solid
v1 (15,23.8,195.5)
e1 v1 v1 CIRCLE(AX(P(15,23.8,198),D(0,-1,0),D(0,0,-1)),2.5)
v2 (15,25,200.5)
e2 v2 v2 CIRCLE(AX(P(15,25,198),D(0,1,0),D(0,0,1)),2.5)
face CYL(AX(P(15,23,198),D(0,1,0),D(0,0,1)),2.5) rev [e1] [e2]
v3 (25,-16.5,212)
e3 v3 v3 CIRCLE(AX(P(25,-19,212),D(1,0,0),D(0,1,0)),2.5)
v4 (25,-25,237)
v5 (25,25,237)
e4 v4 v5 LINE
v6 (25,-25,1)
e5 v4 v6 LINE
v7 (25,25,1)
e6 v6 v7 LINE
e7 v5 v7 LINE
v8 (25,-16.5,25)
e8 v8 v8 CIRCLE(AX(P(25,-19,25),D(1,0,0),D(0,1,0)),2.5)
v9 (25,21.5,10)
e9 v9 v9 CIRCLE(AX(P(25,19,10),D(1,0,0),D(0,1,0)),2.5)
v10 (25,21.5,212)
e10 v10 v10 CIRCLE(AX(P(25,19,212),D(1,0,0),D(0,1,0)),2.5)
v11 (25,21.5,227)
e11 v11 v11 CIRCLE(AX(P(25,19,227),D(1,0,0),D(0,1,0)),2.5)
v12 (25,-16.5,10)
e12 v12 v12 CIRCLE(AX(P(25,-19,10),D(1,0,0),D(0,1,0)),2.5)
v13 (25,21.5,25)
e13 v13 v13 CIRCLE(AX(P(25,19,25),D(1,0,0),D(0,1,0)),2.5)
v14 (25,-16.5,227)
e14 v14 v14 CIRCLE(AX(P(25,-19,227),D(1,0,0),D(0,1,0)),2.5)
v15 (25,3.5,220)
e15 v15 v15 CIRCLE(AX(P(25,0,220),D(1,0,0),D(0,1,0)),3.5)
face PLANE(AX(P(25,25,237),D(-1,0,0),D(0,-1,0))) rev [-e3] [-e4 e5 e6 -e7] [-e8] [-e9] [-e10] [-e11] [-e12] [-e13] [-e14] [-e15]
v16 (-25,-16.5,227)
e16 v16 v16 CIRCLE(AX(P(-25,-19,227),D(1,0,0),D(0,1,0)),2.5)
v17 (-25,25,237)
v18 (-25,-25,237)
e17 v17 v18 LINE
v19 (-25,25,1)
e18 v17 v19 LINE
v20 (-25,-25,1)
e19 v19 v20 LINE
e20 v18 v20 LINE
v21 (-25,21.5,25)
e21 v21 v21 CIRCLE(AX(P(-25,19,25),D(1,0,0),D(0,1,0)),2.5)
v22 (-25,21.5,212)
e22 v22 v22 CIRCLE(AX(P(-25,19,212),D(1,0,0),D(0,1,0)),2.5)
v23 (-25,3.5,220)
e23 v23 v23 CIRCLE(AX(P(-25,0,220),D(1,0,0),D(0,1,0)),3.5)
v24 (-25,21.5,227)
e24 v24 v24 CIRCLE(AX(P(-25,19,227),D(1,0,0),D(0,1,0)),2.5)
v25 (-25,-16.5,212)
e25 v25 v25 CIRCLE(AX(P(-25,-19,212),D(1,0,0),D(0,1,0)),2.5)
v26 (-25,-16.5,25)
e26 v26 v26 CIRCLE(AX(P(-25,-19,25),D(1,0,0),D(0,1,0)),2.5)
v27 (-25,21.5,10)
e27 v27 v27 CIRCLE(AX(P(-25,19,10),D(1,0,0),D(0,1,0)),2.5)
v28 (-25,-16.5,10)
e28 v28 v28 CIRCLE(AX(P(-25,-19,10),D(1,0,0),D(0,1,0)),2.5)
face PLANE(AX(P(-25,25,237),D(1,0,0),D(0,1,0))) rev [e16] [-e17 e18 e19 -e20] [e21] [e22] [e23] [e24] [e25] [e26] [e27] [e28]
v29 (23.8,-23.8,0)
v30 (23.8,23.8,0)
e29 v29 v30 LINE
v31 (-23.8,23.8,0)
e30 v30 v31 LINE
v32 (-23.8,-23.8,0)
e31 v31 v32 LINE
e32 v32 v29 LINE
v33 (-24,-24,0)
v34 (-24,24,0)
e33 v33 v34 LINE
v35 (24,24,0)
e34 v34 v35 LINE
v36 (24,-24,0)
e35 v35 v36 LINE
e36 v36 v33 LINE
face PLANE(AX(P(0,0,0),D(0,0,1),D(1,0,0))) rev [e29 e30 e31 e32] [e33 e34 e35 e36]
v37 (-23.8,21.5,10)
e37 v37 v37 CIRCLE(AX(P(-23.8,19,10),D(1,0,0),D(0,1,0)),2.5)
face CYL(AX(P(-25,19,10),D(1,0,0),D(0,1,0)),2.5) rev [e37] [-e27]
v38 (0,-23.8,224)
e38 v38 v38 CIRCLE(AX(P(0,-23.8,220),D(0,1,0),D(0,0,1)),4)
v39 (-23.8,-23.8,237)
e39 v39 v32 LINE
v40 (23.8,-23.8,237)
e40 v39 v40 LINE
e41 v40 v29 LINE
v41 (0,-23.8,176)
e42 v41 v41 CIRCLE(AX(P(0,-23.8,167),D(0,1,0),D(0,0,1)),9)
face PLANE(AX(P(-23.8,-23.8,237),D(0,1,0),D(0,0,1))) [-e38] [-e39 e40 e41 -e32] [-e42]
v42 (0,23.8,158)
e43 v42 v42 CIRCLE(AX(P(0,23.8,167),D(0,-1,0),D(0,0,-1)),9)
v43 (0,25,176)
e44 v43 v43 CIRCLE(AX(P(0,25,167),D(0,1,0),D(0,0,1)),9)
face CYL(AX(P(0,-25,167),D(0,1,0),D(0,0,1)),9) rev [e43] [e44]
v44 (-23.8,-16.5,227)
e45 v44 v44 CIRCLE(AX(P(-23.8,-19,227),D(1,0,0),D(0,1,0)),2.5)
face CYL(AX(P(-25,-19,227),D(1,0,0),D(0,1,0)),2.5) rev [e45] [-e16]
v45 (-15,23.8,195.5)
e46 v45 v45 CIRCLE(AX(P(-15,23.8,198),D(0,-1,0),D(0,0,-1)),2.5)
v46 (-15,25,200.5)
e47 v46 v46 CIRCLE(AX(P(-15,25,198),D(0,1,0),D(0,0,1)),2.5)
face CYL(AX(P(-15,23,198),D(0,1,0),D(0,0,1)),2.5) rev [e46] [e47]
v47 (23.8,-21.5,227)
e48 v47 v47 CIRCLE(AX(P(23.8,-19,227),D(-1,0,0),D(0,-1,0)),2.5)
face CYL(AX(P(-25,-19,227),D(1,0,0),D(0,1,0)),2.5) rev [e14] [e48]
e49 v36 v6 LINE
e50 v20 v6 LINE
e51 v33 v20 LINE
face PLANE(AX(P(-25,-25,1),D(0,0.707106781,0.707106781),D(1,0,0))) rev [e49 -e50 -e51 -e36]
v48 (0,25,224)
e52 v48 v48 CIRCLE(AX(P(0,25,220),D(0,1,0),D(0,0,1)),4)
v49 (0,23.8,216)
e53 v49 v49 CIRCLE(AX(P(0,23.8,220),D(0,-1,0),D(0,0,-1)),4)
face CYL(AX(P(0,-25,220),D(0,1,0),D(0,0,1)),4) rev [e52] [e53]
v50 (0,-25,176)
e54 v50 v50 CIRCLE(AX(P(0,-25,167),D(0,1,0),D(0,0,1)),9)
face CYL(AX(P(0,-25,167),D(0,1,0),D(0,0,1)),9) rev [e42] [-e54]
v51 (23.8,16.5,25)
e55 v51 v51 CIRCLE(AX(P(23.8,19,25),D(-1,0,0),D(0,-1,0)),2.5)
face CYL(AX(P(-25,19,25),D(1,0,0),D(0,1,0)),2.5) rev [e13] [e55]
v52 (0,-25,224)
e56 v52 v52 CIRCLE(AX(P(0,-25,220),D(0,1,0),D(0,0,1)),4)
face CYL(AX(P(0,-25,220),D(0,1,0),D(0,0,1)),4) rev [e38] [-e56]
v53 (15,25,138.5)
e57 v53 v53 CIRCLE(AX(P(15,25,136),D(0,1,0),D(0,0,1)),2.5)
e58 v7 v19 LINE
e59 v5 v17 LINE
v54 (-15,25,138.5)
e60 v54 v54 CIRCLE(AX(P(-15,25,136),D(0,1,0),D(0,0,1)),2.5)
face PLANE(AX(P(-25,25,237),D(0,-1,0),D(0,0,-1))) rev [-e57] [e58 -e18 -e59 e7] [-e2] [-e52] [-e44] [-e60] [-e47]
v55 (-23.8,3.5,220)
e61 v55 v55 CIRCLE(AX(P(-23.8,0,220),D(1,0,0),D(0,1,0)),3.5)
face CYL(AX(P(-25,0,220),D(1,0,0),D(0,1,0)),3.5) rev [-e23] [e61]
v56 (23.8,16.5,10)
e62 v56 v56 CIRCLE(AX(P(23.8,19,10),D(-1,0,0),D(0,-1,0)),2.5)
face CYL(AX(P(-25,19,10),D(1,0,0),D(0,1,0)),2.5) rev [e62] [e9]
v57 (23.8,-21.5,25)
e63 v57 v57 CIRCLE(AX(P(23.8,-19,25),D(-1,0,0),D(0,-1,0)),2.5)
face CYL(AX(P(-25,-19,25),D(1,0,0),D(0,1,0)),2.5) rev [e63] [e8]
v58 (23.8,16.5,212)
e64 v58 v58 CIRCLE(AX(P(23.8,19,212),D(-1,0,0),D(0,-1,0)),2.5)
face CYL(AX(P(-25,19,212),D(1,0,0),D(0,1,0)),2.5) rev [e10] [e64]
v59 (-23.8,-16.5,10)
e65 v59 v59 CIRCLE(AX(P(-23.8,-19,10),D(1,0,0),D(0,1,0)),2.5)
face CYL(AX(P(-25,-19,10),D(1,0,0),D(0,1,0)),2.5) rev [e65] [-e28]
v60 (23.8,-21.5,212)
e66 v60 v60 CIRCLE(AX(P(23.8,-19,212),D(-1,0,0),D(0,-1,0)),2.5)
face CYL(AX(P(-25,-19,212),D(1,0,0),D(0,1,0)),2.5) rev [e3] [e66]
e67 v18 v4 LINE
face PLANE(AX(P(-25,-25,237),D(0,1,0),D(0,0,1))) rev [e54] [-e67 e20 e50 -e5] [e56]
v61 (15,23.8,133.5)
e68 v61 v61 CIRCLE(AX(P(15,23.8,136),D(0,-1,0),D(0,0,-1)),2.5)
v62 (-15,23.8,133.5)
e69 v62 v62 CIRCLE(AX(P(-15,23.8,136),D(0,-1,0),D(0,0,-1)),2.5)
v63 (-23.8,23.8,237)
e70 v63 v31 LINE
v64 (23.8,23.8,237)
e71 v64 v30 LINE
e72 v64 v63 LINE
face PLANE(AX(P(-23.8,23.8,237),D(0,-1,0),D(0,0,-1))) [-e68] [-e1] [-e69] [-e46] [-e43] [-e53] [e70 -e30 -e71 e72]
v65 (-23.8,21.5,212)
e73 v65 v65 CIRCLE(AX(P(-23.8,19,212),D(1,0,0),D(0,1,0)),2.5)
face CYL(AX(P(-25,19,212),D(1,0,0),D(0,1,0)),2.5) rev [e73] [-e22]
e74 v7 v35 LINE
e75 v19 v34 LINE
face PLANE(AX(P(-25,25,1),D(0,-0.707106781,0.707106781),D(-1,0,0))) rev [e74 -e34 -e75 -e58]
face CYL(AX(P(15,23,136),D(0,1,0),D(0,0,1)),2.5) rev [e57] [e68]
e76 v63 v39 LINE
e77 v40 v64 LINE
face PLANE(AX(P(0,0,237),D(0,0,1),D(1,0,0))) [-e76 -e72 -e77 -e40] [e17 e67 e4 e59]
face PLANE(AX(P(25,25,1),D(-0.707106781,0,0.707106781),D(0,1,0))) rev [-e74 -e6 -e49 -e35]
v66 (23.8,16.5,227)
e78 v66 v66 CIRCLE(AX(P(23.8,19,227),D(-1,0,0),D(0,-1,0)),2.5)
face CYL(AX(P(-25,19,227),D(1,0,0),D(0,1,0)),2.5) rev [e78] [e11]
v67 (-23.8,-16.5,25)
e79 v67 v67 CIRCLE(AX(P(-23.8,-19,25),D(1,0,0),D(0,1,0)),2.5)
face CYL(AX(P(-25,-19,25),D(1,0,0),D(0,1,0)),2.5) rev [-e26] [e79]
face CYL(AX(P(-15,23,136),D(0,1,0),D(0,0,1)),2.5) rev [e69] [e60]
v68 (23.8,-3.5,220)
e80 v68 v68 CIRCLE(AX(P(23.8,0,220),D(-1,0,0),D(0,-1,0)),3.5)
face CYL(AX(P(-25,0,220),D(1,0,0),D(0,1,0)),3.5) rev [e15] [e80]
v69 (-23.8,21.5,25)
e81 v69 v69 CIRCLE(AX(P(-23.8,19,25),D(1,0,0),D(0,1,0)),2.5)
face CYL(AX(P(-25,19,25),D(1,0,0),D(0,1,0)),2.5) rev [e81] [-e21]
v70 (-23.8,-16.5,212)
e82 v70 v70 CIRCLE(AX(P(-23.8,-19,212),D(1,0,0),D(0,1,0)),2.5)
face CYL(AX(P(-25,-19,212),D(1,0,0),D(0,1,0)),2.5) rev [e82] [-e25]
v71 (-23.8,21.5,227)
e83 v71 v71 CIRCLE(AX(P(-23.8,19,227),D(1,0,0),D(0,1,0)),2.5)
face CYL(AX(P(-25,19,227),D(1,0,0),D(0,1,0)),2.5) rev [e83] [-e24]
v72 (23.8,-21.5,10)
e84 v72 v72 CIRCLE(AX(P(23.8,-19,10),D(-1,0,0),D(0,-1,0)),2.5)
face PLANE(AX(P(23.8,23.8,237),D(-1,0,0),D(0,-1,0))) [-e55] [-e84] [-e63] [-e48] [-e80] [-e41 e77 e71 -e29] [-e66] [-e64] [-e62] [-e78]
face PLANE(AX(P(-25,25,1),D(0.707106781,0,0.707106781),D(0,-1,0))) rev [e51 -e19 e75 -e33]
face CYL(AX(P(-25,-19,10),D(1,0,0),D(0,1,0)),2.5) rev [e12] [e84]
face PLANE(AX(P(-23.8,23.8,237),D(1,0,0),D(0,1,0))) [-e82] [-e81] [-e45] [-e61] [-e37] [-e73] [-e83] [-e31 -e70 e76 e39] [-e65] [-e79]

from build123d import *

# Parameters (mm, degrees)
CROQUIS1_W              = 50
CROQUIS1_H              = 50
CROQUIS1_W_2            = 47.6
CROQUIS1_H_2            = 47.6
SALIENTE_EXTRUIR1_DEPTH = 237
CROQUIS2_R              = 2.5
CROQUIS2_R_2            = 3.5
CORTAR_EXTRUIR1_DEPTH   = 244.503593403
CHAFL_N1_SIZE           = 1
CROQUIS3_R              = 4
CORTAR_EXTRUIR2_DEPTH   = 244.503593403
CROQUIS4_R              = 9
CORTAR_EXTRUIR3_DEPTH   = 244.503593403
CROQUIS5_R              = 2.5
CORTAR_EXTRUIR4_DEPTH   = 2


with BuildPart() as part:
    # Croquis1 → Saliente-Extruir1 (new body)
    with BuildSketch(Plane.XY):
        Rectangle(CROQUIS1_W, CROQUIS1_H)
        Rectangle(CROQUIS1_W_2, CROQUIS1_H_2, mode=Mode.SUBTRACT)
    extrude(amount=SALIENTE_EXTRUIR1_DEPTH)

    # Croquis2 → Cortar-Extruir1 (cut, through all)
    with BuildSketch(Plane(origin=(25, 0, 0), x_dir=(0, 0, -1), z_dir=(1, 0, 0))):
        with Locations(Location((-10, 19, 0), (0, 0, 90))):
            Circle(CROQUIS2_R)
        with Locations(Location((-25, 19, 0), (0, 0, 90))):
            Circle(CROQUIS2_R)
        with Locations(Location((-25, -19, 0), (0, 0, 90))):
            Circle(CROQUIS2_R)
        with Locations(Location((-10, -19, 0), (0, 0, 90))):
            Circle(CROQUIS2_R)
        with Locations(Location((-227, 19, 0), (0, 0, 90))):
            Circle(CROQUIS2_R)
        with Locations(Location((-212, 19, 0), (0, 0, 90))):
            Circle(CROQUIS2_R)
        with Locations(Location((-212, -19, 0), (0, 0, 90))):
            Circle(CROQUIS2_R)
        with Locations(Location((-227, -19, 0), (0, 0, 90))):
            Circle(CROQUIS2_R)
        with Locations(Location((-220, 0, 0), (0, 0, 90))):
            Circle(CROQUIS2_R_2)
    extrude(amount=-CORTAR_EXTRUIR1_DEPTH, mode=Mode.SUBTRACT)

    # Chaflán1
    chafl_n1_edges = [part.edges().sort_by_distance(p)[0] for p in [
        (0, -25, 0),
        (-25, 0, 0),
        (0, 25, 0),
        (25, 0, 0),
    ]]
    chamfer(chafl_n1_edges, length=CHAFL_N1_SIZE)

    # Croquis3 → Cortar-Extruir2 (cut, through all)
    with BuildSketch(Plane(origin=(0, 25, 0), x_dir=(1, 0, 0), z_dir=(0, 1, 0))):
        with Locations(Location((0, -220, 0), (0, 0, 270))):
            Circle(CROQUIS3_R)
    extrude(amount=-CORTAR_EXTRUIR2_DEPTH, mode=Mode.SUBTRACT)

    # Croquis4 → Cortar-Extruir3 (cut, through all)
    with BuildSketch(Plane(origin=(0, 25, 0), x_dir=(1, 0, 0), z_dir=(0, 1, 0))):
        with Locations(Location((0, -167, 0), (0, 0, 270))):
            Circle(CROQUIS4_R)
    extrude(amount=-CORTAR_EXTRUIR3_DEPTH, mode=Mode.SUBTRACT)

    # Croquis5 → Cortar-Extruir4 (cut)
    with BuildSketch(Plane(origin=(0, 25, 0), x_dir=(1, 0, 0), z_dir=(0, 1, 0))):
        with Locations(Location((-15, -136, 0), (0, 0, 270))):
            Circle(CROQUIS5_R)
        with Locations(Location((15, -136, 0), (0, 0, 270))):
            Circle(CROQUIS5_R)
        with Locations(Location((-15, -198, 0), (0, 0, 270))):
            Circle(CROQUIS5_R)
        with Locations(Location((15, -198, 0), (0, 0, 270))):
            Circle(CROQUIS5_R)
    extrude(amount=-CORTAR_EXTRUIR4_DEPTH, mode=Mode.SUBTRACT)


solid = part.part
